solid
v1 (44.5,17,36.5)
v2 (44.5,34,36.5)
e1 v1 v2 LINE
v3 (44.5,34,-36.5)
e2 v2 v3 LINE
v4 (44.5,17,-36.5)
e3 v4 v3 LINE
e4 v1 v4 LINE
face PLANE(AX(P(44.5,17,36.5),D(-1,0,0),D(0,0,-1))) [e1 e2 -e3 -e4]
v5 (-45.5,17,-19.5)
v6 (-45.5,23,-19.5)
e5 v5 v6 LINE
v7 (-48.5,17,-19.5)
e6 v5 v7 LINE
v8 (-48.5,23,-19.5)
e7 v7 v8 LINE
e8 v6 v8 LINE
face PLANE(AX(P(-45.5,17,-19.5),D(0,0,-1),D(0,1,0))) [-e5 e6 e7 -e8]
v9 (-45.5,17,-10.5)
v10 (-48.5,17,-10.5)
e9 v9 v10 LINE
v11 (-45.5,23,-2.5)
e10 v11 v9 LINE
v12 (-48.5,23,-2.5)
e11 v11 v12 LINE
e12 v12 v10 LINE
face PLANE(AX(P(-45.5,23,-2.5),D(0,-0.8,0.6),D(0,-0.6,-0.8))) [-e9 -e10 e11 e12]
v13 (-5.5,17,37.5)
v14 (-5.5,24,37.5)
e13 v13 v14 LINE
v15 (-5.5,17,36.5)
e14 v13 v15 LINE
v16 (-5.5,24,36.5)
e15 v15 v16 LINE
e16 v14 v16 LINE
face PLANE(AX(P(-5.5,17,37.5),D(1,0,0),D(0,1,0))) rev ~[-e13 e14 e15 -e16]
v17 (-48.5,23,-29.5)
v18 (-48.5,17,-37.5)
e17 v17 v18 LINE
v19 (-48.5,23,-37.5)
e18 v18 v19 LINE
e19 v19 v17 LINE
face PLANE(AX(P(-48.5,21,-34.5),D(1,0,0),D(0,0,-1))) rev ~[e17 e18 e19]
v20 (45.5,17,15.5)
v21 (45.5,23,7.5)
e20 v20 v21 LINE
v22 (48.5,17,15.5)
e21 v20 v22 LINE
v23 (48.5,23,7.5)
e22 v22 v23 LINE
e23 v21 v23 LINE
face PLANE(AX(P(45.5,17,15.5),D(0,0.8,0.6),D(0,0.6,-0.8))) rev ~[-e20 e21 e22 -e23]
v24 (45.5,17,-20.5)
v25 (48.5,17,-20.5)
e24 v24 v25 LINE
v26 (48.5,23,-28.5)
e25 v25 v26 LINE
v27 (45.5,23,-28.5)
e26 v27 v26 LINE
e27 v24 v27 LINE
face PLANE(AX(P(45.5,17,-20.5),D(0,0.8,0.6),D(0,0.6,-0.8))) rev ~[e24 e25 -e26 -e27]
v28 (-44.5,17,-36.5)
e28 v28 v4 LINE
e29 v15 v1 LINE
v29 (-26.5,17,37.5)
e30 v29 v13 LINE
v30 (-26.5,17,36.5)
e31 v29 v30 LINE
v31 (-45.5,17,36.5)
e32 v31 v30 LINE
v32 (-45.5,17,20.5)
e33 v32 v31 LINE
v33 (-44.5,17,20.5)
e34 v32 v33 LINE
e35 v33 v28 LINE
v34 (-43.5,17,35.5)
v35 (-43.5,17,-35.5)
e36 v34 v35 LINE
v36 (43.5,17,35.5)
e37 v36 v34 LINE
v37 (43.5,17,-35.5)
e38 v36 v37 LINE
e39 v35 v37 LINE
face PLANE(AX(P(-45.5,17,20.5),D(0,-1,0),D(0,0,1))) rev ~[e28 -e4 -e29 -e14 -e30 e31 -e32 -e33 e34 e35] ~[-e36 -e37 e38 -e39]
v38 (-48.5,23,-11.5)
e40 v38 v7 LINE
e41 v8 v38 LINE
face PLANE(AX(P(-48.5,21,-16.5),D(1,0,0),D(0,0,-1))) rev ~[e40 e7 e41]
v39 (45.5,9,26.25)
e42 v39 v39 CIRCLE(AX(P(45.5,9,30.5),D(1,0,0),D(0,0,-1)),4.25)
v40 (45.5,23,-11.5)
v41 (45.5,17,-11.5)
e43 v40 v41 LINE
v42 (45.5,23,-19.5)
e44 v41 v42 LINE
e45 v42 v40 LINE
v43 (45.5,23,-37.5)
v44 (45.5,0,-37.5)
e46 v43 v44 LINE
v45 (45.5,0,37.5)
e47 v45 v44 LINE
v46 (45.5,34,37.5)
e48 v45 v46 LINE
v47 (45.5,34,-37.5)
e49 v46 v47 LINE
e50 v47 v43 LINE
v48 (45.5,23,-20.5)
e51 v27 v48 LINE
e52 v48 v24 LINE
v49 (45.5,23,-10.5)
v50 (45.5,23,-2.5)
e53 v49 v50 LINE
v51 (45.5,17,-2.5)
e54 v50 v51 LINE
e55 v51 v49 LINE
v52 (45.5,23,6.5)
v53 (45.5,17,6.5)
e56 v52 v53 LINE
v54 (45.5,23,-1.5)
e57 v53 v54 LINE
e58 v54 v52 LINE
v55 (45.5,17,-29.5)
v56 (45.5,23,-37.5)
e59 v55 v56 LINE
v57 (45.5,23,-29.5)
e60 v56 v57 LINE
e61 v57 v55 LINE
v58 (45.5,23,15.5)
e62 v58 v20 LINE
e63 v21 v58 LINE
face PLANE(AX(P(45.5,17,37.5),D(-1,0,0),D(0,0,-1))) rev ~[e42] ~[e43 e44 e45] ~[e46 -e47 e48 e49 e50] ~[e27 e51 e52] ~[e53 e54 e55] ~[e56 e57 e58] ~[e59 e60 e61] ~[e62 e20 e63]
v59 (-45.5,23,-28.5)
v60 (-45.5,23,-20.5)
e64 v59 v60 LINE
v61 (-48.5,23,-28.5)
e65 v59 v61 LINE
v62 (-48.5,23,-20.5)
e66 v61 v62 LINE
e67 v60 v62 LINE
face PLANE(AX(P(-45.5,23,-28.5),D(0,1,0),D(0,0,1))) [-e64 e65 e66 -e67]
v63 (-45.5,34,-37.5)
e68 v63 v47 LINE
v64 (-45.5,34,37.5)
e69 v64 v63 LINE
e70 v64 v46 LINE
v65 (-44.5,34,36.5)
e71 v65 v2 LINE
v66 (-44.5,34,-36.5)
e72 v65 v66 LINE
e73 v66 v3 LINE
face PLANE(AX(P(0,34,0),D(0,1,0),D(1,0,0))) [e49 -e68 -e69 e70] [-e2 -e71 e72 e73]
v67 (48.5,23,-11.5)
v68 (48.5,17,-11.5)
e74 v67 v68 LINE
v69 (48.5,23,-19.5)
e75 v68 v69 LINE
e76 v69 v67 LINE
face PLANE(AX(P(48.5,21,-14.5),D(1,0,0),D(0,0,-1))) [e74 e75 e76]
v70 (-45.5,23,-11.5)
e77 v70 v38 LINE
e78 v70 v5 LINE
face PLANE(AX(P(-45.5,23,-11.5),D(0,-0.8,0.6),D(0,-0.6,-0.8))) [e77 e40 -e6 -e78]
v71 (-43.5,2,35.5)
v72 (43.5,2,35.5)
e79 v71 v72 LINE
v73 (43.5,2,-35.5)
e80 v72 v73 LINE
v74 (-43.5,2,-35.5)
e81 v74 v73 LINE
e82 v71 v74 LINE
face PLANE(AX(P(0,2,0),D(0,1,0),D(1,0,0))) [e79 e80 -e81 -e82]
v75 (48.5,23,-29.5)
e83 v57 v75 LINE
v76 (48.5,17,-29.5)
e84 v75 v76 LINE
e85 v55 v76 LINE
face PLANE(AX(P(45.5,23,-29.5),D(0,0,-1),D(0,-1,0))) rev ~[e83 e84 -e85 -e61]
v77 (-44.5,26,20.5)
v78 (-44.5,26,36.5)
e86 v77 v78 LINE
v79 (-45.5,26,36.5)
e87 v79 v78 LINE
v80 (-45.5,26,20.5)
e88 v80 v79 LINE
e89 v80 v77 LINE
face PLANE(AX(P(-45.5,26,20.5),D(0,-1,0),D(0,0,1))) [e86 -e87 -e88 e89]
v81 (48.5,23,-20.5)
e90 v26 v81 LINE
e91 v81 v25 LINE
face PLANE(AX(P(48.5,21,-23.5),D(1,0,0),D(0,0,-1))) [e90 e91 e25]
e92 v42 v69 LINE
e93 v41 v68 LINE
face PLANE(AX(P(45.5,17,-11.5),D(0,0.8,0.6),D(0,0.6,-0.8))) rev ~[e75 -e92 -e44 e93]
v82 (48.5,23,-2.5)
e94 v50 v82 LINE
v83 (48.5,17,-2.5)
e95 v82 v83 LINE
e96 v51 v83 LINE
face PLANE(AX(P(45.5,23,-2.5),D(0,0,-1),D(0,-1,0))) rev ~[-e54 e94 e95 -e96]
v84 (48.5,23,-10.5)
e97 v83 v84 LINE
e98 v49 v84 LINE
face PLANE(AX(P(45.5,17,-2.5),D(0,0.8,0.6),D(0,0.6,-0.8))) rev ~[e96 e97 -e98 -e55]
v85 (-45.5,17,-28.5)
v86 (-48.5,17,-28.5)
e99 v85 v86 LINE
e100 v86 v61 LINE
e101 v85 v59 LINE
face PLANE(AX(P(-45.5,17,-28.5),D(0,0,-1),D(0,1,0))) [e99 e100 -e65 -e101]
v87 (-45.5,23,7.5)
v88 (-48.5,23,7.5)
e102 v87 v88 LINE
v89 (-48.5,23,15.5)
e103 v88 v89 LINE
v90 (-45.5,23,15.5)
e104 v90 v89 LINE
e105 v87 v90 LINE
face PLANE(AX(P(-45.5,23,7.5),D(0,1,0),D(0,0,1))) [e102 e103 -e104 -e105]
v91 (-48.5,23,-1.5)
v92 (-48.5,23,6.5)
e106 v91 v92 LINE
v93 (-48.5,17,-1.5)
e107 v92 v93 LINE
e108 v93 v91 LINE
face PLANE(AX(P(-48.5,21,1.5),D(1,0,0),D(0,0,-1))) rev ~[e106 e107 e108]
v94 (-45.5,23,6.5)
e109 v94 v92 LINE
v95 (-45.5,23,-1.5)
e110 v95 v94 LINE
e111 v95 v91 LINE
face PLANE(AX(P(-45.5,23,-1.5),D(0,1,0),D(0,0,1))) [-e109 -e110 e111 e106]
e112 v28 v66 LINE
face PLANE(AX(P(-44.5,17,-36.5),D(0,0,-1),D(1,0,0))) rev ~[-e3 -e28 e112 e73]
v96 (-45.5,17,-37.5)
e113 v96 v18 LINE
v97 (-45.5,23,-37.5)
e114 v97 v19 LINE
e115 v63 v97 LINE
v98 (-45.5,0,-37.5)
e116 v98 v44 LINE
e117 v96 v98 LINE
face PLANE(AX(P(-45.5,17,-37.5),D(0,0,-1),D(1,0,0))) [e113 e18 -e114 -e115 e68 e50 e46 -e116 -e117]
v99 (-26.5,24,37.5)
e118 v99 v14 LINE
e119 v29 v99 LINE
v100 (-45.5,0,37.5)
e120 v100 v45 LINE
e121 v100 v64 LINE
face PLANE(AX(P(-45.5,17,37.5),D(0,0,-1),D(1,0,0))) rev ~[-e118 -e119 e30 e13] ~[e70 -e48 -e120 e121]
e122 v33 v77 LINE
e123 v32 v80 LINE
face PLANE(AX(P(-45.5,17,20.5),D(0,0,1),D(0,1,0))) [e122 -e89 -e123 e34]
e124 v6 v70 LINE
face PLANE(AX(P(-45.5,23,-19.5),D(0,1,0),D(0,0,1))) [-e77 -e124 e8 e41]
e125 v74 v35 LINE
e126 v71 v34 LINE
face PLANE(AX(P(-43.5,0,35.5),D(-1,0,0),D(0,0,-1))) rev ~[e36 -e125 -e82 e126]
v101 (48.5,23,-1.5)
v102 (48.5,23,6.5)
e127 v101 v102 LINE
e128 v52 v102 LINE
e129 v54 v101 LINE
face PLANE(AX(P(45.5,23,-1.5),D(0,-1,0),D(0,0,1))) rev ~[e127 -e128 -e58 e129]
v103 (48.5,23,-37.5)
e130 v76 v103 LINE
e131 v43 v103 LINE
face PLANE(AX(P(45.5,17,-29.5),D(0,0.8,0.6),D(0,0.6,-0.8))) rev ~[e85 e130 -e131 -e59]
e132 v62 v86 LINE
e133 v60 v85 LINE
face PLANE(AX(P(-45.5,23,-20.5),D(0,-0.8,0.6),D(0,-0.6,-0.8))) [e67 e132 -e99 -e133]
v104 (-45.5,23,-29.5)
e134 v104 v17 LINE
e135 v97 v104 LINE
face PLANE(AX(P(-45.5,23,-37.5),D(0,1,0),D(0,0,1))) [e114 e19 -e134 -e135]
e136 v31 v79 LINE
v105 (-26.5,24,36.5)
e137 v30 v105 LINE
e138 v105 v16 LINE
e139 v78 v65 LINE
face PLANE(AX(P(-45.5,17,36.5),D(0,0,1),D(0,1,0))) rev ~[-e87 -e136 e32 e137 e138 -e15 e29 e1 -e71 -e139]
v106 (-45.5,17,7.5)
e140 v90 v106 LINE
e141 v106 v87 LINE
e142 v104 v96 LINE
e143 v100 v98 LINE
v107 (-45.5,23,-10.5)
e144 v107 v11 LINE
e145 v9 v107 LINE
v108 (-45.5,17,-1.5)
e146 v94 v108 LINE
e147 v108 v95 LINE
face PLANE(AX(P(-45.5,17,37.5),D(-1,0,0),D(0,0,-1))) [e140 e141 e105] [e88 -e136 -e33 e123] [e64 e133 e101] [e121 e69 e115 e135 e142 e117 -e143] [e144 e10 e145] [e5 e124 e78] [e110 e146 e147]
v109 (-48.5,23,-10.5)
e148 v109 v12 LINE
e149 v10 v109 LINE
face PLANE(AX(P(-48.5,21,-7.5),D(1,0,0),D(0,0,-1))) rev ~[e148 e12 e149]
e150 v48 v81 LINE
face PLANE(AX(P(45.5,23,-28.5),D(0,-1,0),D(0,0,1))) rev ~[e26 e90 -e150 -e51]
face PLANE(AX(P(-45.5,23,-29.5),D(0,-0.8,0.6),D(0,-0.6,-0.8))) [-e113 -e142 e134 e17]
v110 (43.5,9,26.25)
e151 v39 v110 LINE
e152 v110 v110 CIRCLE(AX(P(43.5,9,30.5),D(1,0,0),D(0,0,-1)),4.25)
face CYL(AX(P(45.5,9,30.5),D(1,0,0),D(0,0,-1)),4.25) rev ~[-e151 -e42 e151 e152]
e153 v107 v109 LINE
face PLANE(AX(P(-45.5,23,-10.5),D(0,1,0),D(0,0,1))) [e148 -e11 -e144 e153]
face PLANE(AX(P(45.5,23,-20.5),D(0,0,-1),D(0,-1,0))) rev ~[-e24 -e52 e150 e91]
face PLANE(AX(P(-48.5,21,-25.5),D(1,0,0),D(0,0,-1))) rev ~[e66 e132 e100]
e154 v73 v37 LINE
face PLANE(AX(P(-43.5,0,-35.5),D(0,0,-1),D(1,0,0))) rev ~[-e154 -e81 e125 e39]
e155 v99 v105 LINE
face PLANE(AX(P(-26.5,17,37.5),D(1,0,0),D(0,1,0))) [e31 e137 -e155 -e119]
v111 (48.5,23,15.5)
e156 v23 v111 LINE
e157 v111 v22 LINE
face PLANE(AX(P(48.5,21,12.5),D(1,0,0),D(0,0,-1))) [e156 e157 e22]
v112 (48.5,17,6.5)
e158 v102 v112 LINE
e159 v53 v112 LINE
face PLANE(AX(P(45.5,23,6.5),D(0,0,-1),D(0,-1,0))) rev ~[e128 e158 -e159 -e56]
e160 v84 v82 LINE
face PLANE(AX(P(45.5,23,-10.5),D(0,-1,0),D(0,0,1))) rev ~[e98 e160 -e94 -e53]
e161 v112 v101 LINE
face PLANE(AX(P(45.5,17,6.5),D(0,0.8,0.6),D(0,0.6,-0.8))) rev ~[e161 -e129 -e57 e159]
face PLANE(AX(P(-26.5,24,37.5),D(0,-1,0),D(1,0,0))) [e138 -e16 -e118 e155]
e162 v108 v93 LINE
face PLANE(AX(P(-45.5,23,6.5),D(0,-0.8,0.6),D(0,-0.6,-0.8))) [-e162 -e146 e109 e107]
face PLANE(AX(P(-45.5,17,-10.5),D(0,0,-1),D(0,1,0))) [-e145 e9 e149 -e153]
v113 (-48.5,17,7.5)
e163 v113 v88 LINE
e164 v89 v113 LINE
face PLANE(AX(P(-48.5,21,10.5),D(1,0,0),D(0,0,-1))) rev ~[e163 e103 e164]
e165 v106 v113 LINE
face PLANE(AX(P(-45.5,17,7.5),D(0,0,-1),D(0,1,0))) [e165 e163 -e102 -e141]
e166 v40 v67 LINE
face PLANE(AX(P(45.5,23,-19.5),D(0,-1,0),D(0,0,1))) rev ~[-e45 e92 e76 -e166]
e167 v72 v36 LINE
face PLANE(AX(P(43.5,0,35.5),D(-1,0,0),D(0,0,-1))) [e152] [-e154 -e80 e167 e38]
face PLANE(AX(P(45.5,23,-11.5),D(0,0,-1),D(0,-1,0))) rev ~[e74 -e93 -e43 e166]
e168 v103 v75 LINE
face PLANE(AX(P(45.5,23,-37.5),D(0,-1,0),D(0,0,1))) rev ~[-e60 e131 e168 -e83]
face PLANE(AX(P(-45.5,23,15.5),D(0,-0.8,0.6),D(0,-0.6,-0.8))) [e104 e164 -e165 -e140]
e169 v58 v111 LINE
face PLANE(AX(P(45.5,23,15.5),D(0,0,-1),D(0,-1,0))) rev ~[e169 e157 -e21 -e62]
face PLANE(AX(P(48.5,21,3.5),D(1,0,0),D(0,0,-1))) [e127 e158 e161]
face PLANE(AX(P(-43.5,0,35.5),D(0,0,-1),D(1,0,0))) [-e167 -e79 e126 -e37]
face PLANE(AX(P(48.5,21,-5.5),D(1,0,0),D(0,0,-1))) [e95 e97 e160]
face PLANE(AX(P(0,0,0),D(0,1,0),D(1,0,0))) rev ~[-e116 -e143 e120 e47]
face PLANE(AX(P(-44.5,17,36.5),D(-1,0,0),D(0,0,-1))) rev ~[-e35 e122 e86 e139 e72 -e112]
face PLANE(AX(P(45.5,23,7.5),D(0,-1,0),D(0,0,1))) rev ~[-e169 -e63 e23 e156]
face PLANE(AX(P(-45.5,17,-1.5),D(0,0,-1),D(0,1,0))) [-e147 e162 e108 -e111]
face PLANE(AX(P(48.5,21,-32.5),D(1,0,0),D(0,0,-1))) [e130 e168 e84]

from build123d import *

# Parameters (mm, degrees)
SKETCH_1_W          = 87
SKETCH_1_H          = 71
EXTRUDE_1_DEPTH     = 2
SKETCH_2_W          = 91
SKETCH_2_H          = 75
SKETCH_2_W_2        = 87
SKETCH_2_H_2        = 71
EXTRUDE_2_DEPTH     = 17
SKETCH_3_R          = 4.25
CUT_EXTRUDE_2_DEPTH = 17
SKETCH_4_W          = 91
SKETCH_4_H          = 75
SKETCH_4_W_2        = 89
SKETCH_4_H_2        = 73
EXTRUDE_3_DEPTH     = 17
SKETCH_6_W          = 16
SKETCH_6_H          = 9
CUT_EXTRUDE_3_DEPTH = 17
SKETCH_7_W          = 21
SKETCH_7_H          = 7
CUT_EXTRUDE_4_DEPTH = 17
EXTRUDE_4_DEPTH     = 3
EXTRUDE_5_DEPTH     = 3


with BuildPart() as part:
    # 草图1 → 凸台-拉伸1 (new body)
    with BuildSketch(Plane(origin=(0, 0, 0), x_dir=(1, 0, 0), z_dir=(0, 1, 0))):
        Rectangle(SKETCH_1_W, SKETCH_1_H)
    extrude(amount=EXTRUDE_1_DEPTH)

    # 草图2 → 凸台-拉伸2 (add)
    with BuildSketch(Plane(origin=(0, 0, 0), x_dir=(1, 0, 0), z_dir=(0, 1, 0))):
        Rectangle(SKETCH_2_W, SKETCH_2_H)
        Rectangle(SKETCH_2_W_2, SKETCH_2_H_2, mode=Mode.SUBTRACT)
    extrude(amount=EXTRUDE_2_DEPTH)

    # 草图3 → 切除-拉伸2 (cut)
    with BuildSketch(Plane(origin=(45.5, 0, 0), x_dir=(0, 0, -1), z_dir=(1, 0, 0))):
        with Locations((-30.5, 9)):
            Circle(SKETCH_3_R)
    extrude(amount=-CUT_EXTRUDE_2_DEPTH, mode=Mode.SUBTRACT)

    # 草图4 → 凸台-拉伸3 (add)
    with BuildSketch(Plane(origin=(0, 17, 0), x_dir=(1, 0, 0), z_dir=(0, 1, 0))):
        Rectangle(SKETCH_4_W, SKETCH_4_H)
        Rectangle(SKETCH_4_W_2, SKETCH_4_H_2, mode=Mode.SUBTRACT)
    extrude(amount=EXTRUDE_3_DEPTH)

    # 草图6 → 切除-拉伸3 (cut)
    with BuildSketch(Plane.ZY.offset(45.5)):
        with Locations((28.5, 21.5)):
            Rectangle(SKETCH_6_W, SKETCH_6_H)
    extrude(amount=-CUT_EXTRUDE_3_DEPTH, mode=Mode.SUBTRACT)

    # 草图7 → 切除-拉伸4 (cut)
    with BuildSketch(Plane.XY.offset(37.5)):
        with Locations((-16, 20.5)):
            Rectangle(SKETCH_7_W, SKETCH_7_H)
    extrude(amount=-CUT_EXTRUDE_4_DEPTH, mode=Mode.SUBTRACT)

    # 草图8 → 凸台-拉伸4 (add)
    with BuildSketch(Plane.ZY.offset(45.5)):
        Polygon((-37.5, 17), (-37.5, 23), (-29.5, 23), align=None)
        Polygon((-20.5, 23), (-28.5, 17), (-28.5, 23), align=None)
        Polygon((-11.5, 23), (-19.5, 17), (-19.5, 23), align=None)
        Polygon((-2.5, 23), (-10.5, 17), (-10.5, 23), align=None)
        Polygon((6.5, 23), (-1.5, 17), (-1.5, 23), align=None)
        Polygon((15.5, 23), (7.5, 17), (7.5, 23), align=None)
    extrude(amount=EXTRUDE_4_DEPTH)

    # 草图9 → 凸台-拉伸5 (add)
    with BuildSketch(Plane(origin=(45.5, 0, 0), x_dir=(0, 0, -1), z_dir=(1, 0, 0))):
        Polygon((37.5, 23), (29.5, 23), (29.5, 17), align=None)
        Polygon((20.5, 17), (28.5, 23), (20.5, 23), align=None)
        Polygon((11.5, 17), (19.5, 23), (11.5, 23), align=None)
        Polygon((2.5, 17), (10.5, 23), (2.5, 23), align=None)
        Polygon((-6.5, 17), (1.5, 23), (-6.5, 23), align=None)
        Polygon((-15.5, 17), (-7.5, 23), (-15.5, 23), align=None)
    extrude(amount=EXTRUDE_5_DEPTH)


solid = part.part
